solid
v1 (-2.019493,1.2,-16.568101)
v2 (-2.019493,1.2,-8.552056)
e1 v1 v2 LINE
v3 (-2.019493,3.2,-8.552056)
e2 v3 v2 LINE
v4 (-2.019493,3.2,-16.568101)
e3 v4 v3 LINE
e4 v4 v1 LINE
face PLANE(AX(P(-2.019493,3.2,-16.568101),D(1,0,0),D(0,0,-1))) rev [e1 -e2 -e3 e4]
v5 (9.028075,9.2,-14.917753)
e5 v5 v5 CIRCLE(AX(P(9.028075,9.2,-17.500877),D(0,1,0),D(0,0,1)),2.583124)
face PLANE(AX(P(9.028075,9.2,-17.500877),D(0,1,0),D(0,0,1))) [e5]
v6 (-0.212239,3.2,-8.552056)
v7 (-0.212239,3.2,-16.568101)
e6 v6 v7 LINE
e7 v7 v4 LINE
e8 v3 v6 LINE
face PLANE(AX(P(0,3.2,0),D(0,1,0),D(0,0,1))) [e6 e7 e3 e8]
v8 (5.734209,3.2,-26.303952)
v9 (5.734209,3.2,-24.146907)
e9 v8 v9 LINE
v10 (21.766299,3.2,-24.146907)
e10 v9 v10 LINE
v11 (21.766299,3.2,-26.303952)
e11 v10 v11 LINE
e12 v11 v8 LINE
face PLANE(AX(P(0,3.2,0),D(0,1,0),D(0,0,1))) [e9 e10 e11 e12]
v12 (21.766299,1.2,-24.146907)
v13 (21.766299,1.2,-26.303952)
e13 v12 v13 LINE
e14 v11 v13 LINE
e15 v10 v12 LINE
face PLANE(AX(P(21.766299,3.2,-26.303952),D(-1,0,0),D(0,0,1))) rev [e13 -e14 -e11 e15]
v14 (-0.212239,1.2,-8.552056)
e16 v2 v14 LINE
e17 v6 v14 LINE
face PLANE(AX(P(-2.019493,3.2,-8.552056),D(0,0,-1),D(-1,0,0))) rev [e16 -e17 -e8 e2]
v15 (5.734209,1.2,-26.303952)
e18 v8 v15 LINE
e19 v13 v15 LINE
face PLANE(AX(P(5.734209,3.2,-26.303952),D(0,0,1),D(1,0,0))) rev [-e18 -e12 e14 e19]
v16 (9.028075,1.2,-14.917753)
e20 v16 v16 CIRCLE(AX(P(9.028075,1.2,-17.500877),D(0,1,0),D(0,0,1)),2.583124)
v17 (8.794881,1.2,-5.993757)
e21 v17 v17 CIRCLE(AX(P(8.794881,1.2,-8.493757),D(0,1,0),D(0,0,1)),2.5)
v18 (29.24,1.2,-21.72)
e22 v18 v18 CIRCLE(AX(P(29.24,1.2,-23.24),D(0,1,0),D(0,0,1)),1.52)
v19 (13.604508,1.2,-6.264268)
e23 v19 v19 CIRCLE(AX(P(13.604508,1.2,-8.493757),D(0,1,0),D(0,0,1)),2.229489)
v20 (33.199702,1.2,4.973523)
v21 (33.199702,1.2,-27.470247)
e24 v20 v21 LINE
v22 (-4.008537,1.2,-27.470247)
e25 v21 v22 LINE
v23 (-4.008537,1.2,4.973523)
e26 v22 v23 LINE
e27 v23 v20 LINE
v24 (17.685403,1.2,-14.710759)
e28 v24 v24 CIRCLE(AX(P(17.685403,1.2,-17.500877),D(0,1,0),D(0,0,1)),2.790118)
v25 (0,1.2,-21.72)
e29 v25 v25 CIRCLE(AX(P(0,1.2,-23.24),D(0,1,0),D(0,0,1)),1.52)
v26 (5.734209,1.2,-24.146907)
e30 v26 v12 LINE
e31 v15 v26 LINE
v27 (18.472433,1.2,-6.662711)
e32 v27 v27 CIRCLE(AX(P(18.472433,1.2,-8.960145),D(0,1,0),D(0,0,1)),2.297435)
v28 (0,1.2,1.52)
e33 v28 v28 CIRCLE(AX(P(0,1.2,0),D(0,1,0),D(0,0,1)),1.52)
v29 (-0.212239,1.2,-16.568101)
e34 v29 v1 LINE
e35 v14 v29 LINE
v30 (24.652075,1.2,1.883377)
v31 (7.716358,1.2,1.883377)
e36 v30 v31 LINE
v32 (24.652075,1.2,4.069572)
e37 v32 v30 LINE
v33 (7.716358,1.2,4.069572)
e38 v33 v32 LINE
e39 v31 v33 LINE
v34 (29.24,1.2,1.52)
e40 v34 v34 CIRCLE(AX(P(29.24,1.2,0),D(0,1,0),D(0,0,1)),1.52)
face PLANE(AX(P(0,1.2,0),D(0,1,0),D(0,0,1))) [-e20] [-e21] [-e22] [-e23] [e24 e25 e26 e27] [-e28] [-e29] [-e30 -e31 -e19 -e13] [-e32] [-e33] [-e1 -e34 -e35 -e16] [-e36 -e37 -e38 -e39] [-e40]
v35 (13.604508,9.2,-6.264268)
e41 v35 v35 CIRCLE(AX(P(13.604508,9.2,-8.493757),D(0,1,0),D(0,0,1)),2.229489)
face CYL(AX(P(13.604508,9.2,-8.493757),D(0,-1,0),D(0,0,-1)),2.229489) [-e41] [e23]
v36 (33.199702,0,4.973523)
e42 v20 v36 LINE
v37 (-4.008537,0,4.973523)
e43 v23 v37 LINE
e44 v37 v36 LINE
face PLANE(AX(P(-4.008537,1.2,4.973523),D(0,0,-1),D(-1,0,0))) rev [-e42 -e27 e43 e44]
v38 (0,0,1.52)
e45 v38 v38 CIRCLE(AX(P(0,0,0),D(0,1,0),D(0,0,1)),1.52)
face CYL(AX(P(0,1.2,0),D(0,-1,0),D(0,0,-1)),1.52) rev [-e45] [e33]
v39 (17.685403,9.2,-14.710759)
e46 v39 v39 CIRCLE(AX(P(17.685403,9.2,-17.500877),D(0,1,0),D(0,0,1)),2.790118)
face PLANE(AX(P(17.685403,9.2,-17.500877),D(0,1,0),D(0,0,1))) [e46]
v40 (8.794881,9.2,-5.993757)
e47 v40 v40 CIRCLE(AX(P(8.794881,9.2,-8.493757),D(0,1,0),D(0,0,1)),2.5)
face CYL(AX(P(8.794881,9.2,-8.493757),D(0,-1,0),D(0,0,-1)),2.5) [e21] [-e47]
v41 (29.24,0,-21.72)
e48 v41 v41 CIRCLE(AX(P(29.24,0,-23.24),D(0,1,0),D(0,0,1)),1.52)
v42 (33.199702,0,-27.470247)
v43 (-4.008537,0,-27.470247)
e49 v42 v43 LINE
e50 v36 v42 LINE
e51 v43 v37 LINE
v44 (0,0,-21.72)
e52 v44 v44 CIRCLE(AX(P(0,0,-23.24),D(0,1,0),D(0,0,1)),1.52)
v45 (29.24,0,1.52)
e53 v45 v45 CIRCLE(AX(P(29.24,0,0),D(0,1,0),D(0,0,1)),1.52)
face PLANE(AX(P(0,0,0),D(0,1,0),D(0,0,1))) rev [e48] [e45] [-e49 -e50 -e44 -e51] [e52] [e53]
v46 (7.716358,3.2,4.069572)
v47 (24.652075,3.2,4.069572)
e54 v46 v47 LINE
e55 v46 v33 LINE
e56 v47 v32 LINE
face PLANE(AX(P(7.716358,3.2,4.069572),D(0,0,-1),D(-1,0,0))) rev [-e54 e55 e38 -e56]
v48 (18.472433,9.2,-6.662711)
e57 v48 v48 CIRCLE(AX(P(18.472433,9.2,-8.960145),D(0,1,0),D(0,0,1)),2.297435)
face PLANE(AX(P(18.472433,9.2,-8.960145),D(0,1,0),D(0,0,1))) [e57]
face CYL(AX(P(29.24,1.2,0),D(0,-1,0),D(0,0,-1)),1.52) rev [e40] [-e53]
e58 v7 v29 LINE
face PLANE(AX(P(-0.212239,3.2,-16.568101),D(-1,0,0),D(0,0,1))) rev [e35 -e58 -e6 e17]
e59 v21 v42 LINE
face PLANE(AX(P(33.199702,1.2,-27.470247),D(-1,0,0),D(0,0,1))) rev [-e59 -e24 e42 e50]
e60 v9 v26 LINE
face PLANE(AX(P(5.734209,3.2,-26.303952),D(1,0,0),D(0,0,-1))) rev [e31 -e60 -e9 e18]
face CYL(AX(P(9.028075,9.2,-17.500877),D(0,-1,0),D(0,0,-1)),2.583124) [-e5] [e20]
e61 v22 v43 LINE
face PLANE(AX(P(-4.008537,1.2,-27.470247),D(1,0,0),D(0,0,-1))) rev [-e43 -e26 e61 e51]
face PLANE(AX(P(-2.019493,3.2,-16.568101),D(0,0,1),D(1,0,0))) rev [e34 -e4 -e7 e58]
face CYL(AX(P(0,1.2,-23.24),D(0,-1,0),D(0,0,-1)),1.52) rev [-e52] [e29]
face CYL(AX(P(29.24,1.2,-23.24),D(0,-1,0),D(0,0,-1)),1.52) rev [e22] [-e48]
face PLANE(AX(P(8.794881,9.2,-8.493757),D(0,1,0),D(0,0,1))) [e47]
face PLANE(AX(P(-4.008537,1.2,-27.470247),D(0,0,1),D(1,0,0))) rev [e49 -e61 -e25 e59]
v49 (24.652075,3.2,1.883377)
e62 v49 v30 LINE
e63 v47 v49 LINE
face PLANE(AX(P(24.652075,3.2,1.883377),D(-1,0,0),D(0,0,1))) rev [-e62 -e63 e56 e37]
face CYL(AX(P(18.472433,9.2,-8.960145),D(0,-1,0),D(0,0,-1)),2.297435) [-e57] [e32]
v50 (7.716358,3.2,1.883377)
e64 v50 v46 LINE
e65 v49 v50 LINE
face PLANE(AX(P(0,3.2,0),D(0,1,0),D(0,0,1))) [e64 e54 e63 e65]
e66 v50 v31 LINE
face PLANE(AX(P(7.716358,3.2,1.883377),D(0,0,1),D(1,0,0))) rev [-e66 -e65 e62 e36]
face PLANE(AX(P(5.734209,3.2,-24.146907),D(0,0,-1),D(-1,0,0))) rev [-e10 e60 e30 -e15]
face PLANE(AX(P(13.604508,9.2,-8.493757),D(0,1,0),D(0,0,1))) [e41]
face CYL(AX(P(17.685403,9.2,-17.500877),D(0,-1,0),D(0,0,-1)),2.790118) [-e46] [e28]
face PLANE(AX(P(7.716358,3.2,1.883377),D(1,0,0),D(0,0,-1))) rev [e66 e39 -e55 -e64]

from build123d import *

# Parameters (mm, degrees)
SKETCH1_W           = 37.208239372
SKETCH1_H           = 32.443769696
SKETCH1_R           = 1.52
BOSS_EXTRUDE1_DEPTH = 1.2
SKETCH2_R           = 2.583124011
SKETCH2_R_2         = 2.790118195
SKETCH2_R_3         = 2.5
SKETCH2_R_4         = 2.297434725
SKETCH2_R_5         = 2.229489291
BOSS_EXTRUDE3_DEPTH = 8
SKETCH3_W           = 16.935717079
SKETCH3_H           = 2.186194115
SKETCH3_W_2         = 16.032090178
SKETCH3_H_2         = 2.157044861
SKETCH3_W_3         = 1.807253802
SKETCH3_H_3         = 8.016045089
BOSS_EXTRUDE4_DEPTH = 2


with BuildPart() as part:
    # Sketch1 → Boss-Extrude1 (new body)
    with BuildSketch(Plane(origin=(0, 0, 0), x_dir=(1, 0, 0), z_dir=(0, 1, 0))):
        with Locations((14.595582384, 11.248361917)):
            Rectangle(SKETCH1_W, SKETCH1_H)
        with Locations(Location((0, 0, 0), (0, 0, 270))):
            Circle(SKETCH1_R, mode=Mode.SUBTRACT)
        with Locations(Location((29.24, 0, 0), (0, 0, 270))):
            Circle(SKETCH1_R, mode=Mode.SUBTRACT)
        with Locations(Location((29.24, 23.24, 0), (0, 0, 270))):
            Circle(SKETCH1_R, mode=Mode.SUBTRACT)
        with Locations(Location((0, 23.24, 0), (0, 0, 270))):
            Circle(SKETCH1_R, mode=Mode.SUBTRACT)
    extrude(amount=BOSS_EXTRUDE1_DEPTH)

    # Sketch2 → Boss-Extrude3 (add)
    with BuildSketch(Plane(origin=(0, 1.2, 0), x_dir=(1, 0, 0), z_dir=(0, 1, 0))):
        with Locations(Location((9.028074704, 17.500877086, 0), (0, 0, 270))):
            Circle(SKETCH2_R)
        with Locations(Location((17.6854034, 17.500877086, 0), (0, 0, 270))):
            Circle(SKETCH2_R_2)
        with Locations(Location((8.794880665, 8.493757332, 0), (0, 0, 270))):
            Circle(SKETCH2_R_3)
        with Locations(Location((18.472433282, 8.960145409, 0), (0, 0, 270))):
            Circle(SKETCH2_R_4)
        with Locations(Location((13.604507718, 8.493757332, 0), (0, 0, 270))):
            Circle(SKETCH2_R_5)
    extrude(amount=BOSS_EXTRUDE3_DEPTH)

    # Sketch3 → Boss-Extrude4 (add)
    with BuildSketch(Plane(origin=(0, 1.2, 0), x_dir=(1, 0, 0), z_dir=(0, 1, 0))):
        with Locations((16.184216775, -2.976474459)):
            Rectangle(SKETCH3_W, SKETCH3_H)
        with Locations((13.750253993, 25.225429627)):
            Rectangle(SKETCH3_W_2, SKETCH3_H_2)
        with Locations((-1.115865991, 12.560078386)):
            Rectangle(SKETCH3_W_3, SKETCH3_H_3)
    extrude(amount=BOSS_EXTRUDE4_DEPTH)


solid = part.part
